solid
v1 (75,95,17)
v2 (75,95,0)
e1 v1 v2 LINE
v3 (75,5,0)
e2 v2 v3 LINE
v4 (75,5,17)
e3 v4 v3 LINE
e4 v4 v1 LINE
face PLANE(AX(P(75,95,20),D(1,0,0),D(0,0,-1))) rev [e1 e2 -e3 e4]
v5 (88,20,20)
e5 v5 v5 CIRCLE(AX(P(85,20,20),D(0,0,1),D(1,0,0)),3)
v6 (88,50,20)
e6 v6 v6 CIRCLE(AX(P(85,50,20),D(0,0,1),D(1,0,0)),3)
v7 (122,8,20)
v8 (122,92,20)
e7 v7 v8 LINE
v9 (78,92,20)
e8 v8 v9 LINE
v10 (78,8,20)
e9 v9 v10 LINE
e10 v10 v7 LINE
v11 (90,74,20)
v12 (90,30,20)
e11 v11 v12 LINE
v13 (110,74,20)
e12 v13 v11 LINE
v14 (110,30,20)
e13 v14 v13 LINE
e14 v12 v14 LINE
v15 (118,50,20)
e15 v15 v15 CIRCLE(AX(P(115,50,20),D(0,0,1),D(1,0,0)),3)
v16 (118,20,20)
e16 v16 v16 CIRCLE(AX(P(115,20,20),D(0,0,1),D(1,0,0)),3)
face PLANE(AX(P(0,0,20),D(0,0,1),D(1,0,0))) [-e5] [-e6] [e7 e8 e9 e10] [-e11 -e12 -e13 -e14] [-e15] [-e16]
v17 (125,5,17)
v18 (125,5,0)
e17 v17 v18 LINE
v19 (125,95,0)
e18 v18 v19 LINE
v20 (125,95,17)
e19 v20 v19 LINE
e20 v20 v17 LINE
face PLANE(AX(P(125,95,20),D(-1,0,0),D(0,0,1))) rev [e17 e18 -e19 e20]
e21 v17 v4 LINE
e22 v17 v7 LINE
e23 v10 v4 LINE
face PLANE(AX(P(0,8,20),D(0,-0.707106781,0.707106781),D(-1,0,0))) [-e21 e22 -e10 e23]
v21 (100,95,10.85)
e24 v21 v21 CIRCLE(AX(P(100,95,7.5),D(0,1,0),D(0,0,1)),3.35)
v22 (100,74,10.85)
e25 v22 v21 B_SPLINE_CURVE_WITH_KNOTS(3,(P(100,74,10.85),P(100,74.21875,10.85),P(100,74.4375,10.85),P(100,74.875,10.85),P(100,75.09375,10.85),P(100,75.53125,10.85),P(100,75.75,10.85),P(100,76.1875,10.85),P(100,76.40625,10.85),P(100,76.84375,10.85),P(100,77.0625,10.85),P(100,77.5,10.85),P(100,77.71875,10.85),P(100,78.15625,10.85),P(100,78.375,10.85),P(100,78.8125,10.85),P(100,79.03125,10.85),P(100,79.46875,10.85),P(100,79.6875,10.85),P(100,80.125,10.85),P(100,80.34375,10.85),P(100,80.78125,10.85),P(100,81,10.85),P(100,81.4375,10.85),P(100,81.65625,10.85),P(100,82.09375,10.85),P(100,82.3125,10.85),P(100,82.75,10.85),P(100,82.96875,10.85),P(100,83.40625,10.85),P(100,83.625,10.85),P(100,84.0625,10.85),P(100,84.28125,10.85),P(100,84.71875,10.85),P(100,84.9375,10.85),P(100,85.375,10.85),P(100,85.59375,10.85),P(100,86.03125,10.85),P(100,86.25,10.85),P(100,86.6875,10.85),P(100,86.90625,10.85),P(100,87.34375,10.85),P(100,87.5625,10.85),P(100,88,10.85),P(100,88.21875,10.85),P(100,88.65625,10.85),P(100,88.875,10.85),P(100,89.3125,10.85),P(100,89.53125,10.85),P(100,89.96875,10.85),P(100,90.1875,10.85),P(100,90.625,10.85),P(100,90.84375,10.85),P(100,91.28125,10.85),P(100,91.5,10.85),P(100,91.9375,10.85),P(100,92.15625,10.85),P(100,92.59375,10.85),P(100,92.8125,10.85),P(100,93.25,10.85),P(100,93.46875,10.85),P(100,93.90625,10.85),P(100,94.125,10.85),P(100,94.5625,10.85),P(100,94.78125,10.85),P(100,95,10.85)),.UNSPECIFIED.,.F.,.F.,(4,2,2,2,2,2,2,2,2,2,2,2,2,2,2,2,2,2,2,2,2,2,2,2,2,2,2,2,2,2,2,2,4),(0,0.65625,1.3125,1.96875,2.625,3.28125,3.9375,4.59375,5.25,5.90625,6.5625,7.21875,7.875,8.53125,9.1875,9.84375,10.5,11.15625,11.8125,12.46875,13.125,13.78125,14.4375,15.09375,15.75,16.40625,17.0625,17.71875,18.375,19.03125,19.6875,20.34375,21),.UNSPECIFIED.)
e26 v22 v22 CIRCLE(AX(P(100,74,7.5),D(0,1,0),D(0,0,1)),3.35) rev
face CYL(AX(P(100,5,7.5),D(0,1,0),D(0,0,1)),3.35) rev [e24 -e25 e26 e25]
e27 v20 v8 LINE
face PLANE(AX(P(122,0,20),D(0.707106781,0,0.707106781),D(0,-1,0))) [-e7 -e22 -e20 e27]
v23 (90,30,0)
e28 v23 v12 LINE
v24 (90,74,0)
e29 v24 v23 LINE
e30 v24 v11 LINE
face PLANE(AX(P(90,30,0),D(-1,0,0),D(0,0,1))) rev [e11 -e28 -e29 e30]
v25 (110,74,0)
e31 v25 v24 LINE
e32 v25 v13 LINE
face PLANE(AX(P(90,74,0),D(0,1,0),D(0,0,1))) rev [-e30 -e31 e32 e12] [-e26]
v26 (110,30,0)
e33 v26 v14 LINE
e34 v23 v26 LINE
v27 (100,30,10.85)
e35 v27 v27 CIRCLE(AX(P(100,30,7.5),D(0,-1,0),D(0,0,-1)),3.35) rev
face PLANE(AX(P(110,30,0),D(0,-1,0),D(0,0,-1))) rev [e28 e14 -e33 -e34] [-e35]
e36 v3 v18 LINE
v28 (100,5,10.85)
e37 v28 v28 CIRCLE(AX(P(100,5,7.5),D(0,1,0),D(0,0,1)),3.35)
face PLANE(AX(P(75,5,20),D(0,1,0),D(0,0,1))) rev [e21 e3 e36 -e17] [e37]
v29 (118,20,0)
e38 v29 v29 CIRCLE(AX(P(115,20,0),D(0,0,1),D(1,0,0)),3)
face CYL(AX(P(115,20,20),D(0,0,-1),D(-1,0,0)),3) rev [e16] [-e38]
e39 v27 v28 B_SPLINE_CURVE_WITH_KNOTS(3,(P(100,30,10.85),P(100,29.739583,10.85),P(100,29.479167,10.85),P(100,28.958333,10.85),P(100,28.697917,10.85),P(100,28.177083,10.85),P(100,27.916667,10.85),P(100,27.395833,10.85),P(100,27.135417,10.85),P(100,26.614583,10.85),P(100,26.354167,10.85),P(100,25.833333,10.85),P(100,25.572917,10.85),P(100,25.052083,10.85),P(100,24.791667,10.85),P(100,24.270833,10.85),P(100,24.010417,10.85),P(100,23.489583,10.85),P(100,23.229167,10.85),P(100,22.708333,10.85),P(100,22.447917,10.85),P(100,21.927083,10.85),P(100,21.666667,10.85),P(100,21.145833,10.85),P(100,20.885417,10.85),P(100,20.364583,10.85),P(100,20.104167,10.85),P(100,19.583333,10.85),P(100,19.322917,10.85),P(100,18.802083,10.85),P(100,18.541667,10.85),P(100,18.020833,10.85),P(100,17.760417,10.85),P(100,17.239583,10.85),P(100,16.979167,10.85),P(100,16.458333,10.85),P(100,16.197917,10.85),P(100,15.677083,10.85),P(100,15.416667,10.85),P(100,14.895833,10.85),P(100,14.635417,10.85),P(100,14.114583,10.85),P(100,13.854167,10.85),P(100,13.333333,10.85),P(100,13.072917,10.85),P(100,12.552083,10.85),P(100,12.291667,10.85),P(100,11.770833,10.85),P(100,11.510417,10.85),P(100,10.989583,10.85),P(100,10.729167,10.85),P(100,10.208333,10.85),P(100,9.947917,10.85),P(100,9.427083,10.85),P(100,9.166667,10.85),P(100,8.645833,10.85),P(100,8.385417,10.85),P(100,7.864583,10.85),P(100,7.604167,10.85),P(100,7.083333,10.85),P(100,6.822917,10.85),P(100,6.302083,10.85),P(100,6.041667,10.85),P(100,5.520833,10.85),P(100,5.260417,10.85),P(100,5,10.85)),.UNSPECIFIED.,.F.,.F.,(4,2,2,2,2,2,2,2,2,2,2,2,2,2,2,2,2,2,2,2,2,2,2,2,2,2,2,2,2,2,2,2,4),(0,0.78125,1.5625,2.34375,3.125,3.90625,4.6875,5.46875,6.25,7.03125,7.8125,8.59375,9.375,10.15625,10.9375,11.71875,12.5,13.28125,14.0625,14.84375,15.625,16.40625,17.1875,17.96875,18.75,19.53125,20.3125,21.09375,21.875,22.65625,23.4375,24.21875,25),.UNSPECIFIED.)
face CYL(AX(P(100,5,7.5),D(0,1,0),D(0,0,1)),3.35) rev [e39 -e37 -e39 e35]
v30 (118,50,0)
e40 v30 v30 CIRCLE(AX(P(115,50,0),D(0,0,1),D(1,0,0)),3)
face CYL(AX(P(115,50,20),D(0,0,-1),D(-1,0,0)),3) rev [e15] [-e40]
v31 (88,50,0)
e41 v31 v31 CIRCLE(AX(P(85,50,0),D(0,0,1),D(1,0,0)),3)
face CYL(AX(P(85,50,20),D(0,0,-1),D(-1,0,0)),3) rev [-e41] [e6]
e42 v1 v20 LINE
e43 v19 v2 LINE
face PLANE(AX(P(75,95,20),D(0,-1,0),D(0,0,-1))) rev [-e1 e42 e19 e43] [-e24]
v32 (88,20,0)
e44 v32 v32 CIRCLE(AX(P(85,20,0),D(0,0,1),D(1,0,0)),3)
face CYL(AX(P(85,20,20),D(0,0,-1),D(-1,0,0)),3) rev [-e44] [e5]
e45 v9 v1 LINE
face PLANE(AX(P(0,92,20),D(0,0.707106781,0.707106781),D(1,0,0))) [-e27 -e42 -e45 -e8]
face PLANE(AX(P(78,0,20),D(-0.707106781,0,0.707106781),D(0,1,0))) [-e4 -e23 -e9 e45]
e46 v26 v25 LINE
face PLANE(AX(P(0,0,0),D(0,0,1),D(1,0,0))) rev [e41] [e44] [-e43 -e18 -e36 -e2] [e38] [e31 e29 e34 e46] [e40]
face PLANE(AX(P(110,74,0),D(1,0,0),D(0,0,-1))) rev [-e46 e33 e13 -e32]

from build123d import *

# Parameters (mm, degrees)
SKETCH1_W           = 50
SKETCH1_H           = 90
SKETCH1_R           = 3
BOSS_EXTRUDE1_DEPTH = 20
SKETCH2_R           = 3.35
CUT_EXTRUDE1_DEPTH  = 156.32224567
CUT_EXTRUDE2_DEPTH  = 159.271917913
CHAMFER1_SIZE       = 3


with BuildPart() as part:
    # Sketch1 → Boss-Extrude1 (new body)
    with BuildSketch(Plane.XY):
        with Locations((100, 50)):
            Rectangle(SKETCH1_W, SKETCH1_H)
        with Locations((115, 20)):
            Circle(SKETCH1_R, mode=Mode.SUBTRACT)
        with Locations((85, 20)):
            Circle(SKETCH1_R, mode=Mode.SUBTRACT)
        with Locations((85, 50)):
            Circle(SKETCH1_R, mode=Mode.SUBTRACT)
        with Locations((115, 50)):
            Circle(SKETCH1_R, mode=Mode.SUBTRACT)
    extrude(amount=BOSS_EXTRUDE1_DEPTH)

    # Sketch2 → Cut-Extrude1 (cut, through all)
    with BuildSketch(Plane(origin=(0, 95, 0), x_dir=(1, 0, 0), z_dir=(0, 1, 0))):
        with Locations(Location((100, -7.5, 0), (0, 0, 270))):
            Circle(SKETCH2_R)
    extrude(amount=-CUT_EXTRUDE1_DEPTH, mode=Mode.SUBTRACT)

    # Sketch3 → Cut-Extrude2 (cut, through all)
    with BuildSketch(Plane.XY.offset(20)):
        Polygon((90, 70), (90, 74), (110, 74), (110, 70), (110, 30), (90, 30), align=None)
    extrude(amount=-CUT_EXTRUDE2_DEPTH, mode=Mode.SUBTRACT)

    # Chamfer1
    chamfer1_edges = [part.edges().sort_by_distance(p)[0] for p in [
        (75, 50, 20),
        (100, 5, 20),
        (125, 50, 20),
        (100, 95, 20),
    ]]
    chamfer(chamfer1_edges, length=CHAMFER1_SIZE)


solid = part.part
